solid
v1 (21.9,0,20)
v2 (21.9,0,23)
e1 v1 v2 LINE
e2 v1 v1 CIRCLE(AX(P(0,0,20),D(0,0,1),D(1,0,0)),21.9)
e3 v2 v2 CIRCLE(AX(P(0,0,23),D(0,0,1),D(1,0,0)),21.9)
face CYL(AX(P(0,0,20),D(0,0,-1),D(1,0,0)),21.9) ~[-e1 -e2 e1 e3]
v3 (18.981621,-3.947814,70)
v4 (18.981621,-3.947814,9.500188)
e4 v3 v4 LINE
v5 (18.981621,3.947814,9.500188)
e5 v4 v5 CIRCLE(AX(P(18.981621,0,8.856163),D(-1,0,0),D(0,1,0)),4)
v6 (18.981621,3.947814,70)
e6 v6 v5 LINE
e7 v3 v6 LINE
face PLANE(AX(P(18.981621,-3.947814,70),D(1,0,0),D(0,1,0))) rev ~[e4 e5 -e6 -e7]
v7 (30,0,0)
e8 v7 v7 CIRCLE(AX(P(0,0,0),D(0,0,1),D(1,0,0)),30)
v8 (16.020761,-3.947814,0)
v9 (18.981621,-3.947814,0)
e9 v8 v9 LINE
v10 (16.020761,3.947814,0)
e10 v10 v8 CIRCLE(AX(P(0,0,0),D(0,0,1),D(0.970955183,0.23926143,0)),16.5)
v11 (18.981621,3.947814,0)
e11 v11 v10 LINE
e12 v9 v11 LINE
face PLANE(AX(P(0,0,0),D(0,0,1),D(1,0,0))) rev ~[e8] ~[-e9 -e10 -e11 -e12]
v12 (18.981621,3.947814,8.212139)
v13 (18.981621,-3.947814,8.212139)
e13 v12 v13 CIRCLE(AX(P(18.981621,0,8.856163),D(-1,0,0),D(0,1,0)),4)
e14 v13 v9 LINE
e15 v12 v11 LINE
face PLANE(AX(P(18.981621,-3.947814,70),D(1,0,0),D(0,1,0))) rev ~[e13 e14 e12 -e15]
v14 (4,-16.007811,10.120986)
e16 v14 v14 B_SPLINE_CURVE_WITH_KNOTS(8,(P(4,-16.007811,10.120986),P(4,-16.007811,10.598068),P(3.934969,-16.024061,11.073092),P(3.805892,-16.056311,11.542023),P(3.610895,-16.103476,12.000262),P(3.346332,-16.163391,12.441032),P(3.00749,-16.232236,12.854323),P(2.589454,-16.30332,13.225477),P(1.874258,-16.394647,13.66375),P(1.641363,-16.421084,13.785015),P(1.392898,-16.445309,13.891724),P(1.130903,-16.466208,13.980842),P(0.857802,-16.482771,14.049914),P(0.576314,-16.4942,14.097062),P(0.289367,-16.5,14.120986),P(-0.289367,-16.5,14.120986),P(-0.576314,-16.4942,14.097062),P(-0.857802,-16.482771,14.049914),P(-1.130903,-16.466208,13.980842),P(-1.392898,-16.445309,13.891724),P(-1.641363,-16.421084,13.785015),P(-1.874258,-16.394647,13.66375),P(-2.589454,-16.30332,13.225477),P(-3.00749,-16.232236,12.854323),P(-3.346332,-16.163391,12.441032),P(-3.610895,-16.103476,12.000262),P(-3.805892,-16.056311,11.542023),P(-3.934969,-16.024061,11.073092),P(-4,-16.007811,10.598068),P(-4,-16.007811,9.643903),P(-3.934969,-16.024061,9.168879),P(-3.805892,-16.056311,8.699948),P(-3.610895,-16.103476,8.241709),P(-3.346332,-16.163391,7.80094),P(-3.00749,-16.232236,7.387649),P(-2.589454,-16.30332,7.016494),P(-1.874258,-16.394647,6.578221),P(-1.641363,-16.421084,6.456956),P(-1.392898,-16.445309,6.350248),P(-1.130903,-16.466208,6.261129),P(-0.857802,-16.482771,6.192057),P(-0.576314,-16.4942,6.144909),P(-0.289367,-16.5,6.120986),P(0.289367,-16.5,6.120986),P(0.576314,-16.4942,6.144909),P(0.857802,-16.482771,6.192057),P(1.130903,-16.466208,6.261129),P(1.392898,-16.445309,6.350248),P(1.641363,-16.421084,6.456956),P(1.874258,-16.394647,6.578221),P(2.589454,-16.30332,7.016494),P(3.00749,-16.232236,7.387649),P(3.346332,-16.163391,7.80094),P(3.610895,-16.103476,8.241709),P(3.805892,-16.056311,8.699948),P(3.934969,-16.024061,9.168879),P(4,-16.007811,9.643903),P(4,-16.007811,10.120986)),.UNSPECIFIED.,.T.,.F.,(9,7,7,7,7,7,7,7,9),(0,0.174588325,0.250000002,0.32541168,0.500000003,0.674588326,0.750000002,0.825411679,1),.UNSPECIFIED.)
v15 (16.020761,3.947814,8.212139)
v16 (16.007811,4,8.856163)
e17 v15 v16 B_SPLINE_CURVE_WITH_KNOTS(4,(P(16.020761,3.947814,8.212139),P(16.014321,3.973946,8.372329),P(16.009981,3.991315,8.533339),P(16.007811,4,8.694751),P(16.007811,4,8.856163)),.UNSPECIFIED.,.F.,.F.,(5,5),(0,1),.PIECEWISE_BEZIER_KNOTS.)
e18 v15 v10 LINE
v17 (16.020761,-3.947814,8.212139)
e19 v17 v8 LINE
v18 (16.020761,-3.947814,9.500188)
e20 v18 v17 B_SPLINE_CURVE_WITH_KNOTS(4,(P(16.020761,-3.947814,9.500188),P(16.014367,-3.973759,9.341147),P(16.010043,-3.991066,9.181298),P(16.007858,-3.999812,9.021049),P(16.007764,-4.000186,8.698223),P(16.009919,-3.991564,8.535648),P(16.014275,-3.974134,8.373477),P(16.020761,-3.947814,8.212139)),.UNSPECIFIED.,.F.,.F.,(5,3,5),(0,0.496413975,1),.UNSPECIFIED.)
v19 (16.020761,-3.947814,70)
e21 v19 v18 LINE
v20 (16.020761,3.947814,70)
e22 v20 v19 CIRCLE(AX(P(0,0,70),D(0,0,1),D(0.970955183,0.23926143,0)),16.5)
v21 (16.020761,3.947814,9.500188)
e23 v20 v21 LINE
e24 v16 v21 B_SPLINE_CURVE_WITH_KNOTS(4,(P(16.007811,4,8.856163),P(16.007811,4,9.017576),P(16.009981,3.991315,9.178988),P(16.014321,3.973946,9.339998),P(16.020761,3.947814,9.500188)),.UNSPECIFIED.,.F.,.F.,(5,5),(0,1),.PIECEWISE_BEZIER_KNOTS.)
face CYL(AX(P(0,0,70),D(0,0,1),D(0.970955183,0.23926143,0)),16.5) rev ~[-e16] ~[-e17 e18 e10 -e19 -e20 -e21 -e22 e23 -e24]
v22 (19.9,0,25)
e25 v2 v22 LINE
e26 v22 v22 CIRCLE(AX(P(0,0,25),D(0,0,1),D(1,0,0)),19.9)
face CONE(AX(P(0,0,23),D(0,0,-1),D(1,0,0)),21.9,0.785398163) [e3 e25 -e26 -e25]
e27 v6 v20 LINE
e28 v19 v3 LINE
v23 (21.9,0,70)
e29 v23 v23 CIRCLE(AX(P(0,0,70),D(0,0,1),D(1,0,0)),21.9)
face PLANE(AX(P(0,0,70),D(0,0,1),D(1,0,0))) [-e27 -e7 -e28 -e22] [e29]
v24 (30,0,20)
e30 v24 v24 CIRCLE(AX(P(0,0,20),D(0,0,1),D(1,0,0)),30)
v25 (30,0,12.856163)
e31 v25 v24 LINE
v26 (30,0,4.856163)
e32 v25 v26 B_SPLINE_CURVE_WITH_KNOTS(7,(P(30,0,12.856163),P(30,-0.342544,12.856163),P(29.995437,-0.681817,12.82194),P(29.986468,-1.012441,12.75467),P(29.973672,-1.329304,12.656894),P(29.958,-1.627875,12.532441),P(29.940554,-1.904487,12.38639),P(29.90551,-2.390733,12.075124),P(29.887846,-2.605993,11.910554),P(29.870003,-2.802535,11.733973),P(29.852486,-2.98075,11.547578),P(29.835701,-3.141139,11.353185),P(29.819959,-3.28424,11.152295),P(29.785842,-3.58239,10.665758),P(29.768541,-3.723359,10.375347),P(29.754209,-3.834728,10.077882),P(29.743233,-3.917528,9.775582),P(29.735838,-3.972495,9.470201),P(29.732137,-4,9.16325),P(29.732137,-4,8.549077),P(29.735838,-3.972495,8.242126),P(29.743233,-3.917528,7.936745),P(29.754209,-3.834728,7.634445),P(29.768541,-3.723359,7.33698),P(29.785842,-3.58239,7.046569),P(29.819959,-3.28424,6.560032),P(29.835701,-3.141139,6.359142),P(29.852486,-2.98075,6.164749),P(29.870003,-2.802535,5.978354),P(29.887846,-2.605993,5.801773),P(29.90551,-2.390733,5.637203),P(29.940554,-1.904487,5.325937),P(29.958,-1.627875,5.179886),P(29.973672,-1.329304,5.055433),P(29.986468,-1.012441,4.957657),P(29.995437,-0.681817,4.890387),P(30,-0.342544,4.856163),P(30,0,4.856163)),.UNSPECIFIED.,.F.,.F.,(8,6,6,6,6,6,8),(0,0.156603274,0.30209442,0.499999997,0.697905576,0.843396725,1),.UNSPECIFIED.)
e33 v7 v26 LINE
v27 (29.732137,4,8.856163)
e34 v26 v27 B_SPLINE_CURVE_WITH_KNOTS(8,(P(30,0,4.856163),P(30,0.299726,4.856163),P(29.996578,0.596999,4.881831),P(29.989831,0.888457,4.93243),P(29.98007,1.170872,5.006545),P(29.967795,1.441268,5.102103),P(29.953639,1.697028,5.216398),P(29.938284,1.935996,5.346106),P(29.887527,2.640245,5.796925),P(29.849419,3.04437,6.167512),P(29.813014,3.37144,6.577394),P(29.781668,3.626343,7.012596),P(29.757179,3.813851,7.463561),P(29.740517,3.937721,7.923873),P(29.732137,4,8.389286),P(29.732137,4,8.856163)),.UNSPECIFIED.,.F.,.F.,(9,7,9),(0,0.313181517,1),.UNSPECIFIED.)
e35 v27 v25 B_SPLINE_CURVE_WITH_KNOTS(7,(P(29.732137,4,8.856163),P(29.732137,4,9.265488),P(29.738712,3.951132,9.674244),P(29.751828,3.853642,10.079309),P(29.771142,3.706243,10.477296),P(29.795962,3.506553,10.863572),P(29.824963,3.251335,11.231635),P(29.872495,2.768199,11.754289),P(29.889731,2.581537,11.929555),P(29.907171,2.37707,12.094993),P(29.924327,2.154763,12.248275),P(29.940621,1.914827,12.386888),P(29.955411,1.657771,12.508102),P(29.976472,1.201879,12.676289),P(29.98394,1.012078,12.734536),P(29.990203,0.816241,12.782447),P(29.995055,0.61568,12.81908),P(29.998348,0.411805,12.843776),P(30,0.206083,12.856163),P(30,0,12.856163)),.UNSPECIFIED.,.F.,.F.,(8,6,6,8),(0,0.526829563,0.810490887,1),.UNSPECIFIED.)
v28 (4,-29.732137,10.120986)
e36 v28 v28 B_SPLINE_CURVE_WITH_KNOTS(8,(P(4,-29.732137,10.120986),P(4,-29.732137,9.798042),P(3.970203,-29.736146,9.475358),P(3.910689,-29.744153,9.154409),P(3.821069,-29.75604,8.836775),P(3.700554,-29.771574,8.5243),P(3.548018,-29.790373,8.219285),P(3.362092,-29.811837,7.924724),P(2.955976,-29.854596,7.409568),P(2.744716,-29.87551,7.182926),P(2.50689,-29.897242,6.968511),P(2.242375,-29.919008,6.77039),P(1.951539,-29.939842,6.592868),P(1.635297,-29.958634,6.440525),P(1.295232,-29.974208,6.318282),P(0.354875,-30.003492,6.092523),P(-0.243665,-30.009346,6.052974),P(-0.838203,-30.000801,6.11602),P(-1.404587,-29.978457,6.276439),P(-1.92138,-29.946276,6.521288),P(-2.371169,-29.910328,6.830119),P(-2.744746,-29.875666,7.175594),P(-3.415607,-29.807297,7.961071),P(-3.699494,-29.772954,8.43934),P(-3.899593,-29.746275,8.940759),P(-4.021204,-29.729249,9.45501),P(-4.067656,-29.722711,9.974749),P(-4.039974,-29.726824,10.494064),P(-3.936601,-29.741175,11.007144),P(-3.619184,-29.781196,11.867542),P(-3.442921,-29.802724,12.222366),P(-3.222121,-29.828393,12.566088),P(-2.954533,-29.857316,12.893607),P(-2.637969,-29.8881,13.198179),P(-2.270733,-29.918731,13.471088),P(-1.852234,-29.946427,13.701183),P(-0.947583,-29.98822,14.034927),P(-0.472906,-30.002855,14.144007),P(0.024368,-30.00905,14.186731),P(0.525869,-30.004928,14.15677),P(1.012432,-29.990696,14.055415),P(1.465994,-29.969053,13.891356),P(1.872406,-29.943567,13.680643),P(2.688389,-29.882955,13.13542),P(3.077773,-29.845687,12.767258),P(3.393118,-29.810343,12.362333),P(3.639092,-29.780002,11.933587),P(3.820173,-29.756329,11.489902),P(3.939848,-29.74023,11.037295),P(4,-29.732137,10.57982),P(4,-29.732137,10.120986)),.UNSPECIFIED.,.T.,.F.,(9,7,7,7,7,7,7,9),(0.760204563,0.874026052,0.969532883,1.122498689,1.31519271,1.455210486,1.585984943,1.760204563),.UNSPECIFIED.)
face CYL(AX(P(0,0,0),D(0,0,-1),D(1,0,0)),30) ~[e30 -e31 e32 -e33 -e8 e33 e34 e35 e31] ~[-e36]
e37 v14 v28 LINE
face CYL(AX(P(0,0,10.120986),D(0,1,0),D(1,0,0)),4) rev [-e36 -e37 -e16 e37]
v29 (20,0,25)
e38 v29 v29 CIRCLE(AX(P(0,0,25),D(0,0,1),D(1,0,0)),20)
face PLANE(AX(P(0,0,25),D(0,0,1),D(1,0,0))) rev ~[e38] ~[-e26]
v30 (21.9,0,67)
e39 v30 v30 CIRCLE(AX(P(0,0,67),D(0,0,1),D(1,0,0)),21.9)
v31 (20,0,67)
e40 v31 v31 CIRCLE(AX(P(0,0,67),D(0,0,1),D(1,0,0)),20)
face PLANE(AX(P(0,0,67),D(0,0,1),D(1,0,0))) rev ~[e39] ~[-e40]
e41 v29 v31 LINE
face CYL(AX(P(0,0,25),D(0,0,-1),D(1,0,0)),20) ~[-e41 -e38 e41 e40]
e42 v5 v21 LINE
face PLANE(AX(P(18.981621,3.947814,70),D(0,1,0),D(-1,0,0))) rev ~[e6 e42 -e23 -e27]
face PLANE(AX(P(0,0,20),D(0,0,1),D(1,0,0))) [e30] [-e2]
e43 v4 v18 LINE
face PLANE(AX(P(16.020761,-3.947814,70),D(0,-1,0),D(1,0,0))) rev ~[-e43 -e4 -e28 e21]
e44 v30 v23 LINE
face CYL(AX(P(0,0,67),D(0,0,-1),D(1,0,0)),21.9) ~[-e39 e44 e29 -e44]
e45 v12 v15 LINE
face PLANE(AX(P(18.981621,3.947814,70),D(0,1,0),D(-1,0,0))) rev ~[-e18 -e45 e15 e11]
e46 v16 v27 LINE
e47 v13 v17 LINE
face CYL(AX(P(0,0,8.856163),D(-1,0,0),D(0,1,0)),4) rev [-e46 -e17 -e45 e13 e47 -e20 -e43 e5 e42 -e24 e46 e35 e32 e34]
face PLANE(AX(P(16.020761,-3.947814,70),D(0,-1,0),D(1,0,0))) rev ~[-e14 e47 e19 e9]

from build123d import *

# Parameters (mm, degrees)
F0_R      = 30
F1_DEPTH  = 20
F2_R      = 4
F3_DEPTH  = 30
F4_R      = 21.9
F5_DEPTH  = 5
F6_SIZE   = 2
F7_R      = 20
F7_R_2    = 19.9
F8_DEPTH  = 42
F9_R      = 21.9
F9_R_2    = 20
F10_DEPTH = 3
F12_DEPTH = 70
F13_R     = 4
F14_DEPTH = 30.0010001


with BuildPart() as f1:
    # F0 (on Top) → F1 (new body)
    with BuildSketch(Plane.XY):
        Circle(F0_R)
    extrude(amount=F1_DEPTH)

    # F2 (on Front) → F3 (cut)
    with BuildSketch(Plane.XZ):
        with Locations((0, 10.1209855556)):
            Circle(F2_R)
    extrude(amount=F3_DEPTH, mode=Mode.SUBTRACT)

    # F4 (on face) → F5 (join)
    with BuildSketch(Plane.XY.offset(20)):
        Circle(F4_R)
    extrude(amount=F5_DEPTH)

    # F6
    f6_edges = [f1.edges().sort_by_distance(p)[0] for p in [
        (-21.9, 0, 25),
    ]]
    chamfer(f6_edges, length=F6_SIZE)

    # F7 (on face) → F8 (join)
    with BuildSketch(Plane.XY.offset(25)):
        Circle(F7_R)
        Circle(F7_R_2, mode=Mode.SUBTRACT)
        Circle(F7_R_2)
    extrude(amount=F8_DEPTH)

    # F9 (on face) → F10 (join)
    with BuildSketch(Plane.XY.offset(67)):
        Circle(F9_R)
        Circle(F9_R_2, mode=Mode.SUBTRACT)
        Circle(F9_R_2)
    extrude(amount=F10_DEPTH)

    # F11 (on face) → F12 (cut)
    with BuildSketch(Plane.XY.offset(70)):
        with BuildLine():
            Line((18.9816207227, 3.9478135966), (16.0207605252, 3.9478135966))
            ThreePointArc((16.0207605252, 3.9478135966), (-16.5, 0), (16.0207605252, -3.9478135966))
            Line((16.0207605252, -3.9478135966), (18.9816207227, -3.9478135966))
            Line((18.9816207227, -3.9478135966), (18.9816207227, 3.9478135966))
        make_face()
    extrude(amount=-F12_DEPTH, mode=Mode.SUBTRACT)

    # F13 (on Right) → F14 (cut, through all)
    with BuildSketch(Plane.YZ):
        with Locations((0, 8.8561634937)):
            Circle(F13_R)
    extrude(amount=F14_DEPTH, mode=Mode.SUBTRACT)


solid = f1.part
